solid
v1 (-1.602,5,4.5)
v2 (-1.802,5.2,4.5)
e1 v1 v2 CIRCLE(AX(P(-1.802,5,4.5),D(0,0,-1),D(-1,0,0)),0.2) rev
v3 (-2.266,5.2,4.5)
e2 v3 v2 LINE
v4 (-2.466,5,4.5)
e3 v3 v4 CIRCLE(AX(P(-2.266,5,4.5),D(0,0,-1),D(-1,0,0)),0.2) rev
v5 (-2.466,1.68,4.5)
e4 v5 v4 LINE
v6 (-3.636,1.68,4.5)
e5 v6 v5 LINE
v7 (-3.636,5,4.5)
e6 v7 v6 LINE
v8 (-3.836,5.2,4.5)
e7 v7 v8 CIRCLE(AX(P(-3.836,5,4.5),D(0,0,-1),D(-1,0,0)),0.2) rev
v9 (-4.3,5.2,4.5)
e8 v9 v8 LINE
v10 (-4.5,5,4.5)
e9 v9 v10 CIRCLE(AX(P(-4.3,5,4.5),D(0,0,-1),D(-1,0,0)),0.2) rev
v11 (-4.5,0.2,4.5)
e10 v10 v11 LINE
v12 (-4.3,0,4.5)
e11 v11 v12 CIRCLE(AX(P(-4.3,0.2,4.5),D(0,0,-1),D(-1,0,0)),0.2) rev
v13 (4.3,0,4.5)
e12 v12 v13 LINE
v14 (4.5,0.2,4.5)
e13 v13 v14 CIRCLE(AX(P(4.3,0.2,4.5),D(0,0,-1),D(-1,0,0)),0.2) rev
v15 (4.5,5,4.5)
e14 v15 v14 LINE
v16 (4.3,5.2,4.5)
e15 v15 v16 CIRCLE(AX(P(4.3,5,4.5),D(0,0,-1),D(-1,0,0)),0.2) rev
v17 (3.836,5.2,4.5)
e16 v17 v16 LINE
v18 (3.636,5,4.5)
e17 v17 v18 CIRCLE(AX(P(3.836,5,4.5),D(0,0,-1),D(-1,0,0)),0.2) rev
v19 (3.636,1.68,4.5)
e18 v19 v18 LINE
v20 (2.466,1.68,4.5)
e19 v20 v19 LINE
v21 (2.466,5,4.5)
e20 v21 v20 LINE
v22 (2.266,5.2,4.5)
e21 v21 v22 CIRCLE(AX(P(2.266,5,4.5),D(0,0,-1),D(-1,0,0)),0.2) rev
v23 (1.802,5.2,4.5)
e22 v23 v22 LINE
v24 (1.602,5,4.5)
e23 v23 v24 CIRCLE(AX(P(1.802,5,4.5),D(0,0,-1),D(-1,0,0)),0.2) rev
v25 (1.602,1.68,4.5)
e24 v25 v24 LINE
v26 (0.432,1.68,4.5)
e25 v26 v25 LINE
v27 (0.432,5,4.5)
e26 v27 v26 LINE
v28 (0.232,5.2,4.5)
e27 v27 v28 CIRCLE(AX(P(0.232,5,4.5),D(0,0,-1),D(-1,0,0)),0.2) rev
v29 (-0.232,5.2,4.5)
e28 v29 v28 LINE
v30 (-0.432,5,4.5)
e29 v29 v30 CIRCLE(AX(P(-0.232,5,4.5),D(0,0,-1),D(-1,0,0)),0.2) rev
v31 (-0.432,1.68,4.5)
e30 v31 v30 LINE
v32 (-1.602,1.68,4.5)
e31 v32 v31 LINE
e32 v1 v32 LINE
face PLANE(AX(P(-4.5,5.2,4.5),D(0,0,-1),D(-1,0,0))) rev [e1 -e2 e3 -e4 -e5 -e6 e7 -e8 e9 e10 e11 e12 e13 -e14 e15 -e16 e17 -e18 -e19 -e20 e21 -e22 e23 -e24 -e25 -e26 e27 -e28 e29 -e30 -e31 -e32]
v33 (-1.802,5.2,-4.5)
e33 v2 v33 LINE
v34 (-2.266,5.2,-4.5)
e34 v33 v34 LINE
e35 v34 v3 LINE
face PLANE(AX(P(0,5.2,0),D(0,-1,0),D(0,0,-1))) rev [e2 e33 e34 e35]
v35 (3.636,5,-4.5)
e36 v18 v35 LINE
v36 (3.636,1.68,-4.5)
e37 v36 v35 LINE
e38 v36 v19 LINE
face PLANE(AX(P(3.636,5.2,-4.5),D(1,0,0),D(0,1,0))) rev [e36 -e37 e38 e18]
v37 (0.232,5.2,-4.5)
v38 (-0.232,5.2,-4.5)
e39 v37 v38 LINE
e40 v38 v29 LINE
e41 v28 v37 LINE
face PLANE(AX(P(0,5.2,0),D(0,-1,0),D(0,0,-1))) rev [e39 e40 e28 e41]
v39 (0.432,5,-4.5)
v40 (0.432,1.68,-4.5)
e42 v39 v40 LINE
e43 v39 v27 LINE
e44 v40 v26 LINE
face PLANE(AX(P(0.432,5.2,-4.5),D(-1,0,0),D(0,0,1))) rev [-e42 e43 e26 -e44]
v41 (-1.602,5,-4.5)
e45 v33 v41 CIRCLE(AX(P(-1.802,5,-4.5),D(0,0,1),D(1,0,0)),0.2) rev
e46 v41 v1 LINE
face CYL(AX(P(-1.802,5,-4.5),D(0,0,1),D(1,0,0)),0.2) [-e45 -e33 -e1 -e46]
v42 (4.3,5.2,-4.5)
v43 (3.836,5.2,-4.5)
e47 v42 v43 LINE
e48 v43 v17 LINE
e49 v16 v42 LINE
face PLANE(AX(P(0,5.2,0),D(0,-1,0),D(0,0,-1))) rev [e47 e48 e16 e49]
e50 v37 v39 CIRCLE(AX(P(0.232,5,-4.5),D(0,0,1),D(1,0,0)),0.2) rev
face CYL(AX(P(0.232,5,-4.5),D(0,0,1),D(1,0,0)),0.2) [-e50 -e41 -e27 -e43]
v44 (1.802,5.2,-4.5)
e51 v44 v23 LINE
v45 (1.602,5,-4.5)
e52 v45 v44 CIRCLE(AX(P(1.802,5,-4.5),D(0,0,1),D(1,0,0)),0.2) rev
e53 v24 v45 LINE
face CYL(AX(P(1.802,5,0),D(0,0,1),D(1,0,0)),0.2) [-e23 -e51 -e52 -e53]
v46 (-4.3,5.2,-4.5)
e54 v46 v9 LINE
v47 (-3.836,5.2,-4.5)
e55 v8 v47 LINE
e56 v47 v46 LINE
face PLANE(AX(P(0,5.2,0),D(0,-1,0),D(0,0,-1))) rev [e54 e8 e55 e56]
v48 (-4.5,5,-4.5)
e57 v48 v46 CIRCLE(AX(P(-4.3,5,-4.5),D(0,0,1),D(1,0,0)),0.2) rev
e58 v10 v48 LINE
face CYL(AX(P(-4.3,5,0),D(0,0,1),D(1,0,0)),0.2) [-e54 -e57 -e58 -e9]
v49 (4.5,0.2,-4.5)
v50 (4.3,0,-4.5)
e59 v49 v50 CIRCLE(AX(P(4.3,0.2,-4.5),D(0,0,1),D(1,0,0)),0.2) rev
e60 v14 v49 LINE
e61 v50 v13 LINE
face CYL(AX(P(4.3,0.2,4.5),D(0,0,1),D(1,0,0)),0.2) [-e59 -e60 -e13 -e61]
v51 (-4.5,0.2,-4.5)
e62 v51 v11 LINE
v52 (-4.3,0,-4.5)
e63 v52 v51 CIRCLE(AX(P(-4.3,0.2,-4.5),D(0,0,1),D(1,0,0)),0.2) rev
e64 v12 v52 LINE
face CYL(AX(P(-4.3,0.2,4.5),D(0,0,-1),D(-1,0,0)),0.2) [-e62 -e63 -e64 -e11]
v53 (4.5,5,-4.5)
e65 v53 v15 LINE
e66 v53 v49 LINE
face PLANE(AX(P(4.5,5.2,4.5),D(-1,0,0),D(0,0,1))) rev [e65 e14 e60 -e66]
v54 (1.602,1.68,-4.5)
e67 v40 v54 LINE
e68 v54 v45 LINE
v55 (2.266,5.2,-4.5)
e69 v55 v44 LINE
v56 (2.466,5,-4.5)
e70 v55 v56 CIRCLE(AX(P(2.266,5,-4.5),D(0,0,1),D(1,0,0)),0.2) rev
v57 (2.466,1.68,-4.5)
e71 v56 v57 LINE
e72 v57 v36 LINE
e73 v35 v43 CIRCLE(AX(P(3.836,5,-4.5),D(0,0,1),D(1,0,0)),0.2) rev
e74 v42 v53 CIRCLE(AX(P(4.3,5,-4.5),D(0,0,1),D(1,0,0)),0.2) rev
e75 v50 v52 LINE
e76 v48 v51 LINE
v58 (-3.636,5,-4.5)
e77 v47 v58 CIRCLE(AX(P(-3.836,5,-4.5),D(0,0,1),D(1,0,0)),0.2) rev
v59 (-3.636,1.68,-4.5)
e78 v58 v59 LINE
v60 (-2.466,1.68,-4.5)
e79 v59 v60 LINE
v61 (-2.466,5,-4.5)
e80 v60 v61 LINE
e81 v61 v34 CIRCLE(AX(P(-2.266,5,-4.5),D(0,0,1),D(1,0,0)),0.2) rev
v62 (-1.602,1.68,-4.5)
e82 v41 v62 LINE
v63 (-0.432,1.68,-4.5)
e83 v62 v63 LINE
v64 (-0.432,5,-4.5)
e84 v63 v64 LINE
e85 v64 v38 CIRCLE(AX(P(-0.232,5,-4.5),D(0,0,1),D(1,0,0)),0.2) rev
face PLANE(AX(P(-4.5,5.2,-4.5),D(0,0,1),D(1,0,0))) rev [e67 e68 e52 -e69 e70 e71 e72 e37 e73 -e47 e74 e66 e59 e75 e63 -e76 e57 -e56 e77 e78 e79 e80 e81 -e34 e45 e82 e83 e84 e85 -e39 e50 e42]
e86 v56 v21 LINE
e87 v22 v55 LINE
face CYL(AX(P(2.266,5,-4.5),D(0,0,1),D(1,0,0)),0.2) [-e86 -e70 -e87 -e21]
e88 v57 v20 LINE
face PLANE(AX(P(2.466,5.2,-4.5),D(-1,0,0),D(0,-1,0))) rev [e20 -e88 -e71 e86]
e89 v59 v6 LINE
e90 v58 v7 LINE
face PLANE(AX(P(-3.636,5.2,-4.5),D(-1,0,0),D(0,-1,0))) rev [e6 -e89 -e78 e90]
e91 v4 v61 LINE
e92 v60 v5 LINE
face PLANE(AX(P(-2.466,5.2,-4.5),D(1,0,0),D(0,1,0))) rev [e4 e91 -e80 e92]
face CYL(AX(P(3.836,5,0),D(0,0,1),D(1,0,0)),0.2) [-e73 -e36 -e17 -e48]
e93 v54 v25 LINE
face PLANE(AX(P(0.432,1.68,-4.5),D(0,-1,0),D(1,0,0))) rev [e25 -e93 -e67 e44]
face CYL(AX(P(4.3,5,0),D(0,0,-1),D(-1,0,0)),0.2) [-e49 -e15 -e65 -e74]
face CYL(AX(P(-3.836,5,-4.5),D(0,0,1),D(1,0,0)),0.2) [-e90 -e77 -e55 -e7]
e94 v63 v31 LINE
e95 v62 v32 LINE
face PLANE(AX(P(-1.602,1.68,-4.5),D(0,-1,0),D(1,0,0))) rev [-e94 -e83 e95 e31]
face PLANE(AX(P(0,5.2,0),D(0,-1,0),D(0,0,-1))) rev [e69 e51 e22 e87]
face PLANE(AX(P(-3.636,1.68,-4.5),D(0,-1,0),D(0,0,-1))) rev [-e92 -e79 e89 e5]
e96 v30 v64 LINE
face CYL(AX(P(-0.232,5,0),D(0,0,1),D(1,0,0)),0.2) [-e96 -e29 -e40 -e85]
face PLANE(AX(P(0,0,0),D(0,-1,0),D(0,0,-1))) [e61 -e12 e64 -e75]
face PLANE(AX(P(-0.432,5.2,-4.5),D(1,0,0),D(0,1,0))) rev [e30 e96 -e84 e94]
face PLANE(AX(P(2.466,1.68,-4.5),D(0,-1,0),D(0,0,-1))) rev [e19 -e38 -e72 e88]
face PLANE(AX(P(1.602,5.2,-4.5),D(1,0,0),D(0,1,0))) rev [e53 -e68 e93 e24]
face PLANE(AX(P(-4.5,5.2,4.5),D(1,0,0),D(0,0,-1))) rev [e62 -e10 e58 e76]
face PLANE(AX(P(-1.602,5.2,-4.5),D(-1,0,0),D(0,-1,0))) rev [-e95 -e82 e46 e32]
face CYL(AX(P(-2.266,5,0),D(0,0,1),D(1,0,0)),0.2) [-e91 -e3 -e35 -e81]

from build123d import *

# Parameters (mm, degrees)
SCHIZZO1_W                   = 9
SCHIZZO1_H                   = 9
ESTRUSIONE_ESTRUSIONE1_DEPTH = 5.2
SCHIZZO2_W                   = 1.17
SCHIZZO2_H                   = 3.52
TAGLIO_ESTRUSIONE1_DEPTH     = 10
RACCORDO1_R                  = 0.2


with BuildPart() as part:
    # Schizzo1 → Estrusione-Estrusione1 (new body)
    with BuildSketch(Plane(origin=(0, 0, 0), x_dir=(1, 0, 0), z_dir=(0, 1, 0))):
        Rectangle(SCHIZZO1_W, SCHIZZO1_H)
    extrude(amount=ESTRUSIONE_ESTRUSIONE1_DEPTH)

    # Schizzo2 → Taglio-Estrusione1 (cut, through all)
    with BuildSketch(Plane.XY.offset(4.5)):
        with Locations((-3.051, 3.44)):
            Rectangle(SCHIZZO2_W, SCHIZZO2_H)
        with Locations((1.017, 3.44)):
            Rectangle(SCHIZZO2_W, SCHIZZO2_H)
        with Locations((3.051, 3.44)):
            Rectangle(SCHIZZO2_W, SCHIZZO2_H)
        with Locations((-1.017, 3.44)):
            Rectangle(SCHIZZO2_W, SCHIZZO2_H)
    extrude(amount=-TAGLIO_ESTRUSIONE1_DEPTH, mode=Mode.SUBTRACT)

    # Raccordo1
    raccordo1_edges = [part.edges().sort_by_distance(p)[0] for p in [
        (-4.5, 5.2, 0),
        (-3.636, 5.2, 0),
        (-2.466, 5.2, 0),
        (0.432, 5.2, 0),
        (1.602, 5.2, 0),
        (4.5, 5.2, 0),
        (2.466, 5.2, 0),
        (3.636, 5.2, 0),
        (-4.5, 0, 0),
        (4.5, 0, 0),
        (-1.602, 5.2, 0),
        (-0.432, 5.2, 0),
    ]]
    fillet(raccordo1_edges, radius=RACCORDO1_R)


solid = part.part
